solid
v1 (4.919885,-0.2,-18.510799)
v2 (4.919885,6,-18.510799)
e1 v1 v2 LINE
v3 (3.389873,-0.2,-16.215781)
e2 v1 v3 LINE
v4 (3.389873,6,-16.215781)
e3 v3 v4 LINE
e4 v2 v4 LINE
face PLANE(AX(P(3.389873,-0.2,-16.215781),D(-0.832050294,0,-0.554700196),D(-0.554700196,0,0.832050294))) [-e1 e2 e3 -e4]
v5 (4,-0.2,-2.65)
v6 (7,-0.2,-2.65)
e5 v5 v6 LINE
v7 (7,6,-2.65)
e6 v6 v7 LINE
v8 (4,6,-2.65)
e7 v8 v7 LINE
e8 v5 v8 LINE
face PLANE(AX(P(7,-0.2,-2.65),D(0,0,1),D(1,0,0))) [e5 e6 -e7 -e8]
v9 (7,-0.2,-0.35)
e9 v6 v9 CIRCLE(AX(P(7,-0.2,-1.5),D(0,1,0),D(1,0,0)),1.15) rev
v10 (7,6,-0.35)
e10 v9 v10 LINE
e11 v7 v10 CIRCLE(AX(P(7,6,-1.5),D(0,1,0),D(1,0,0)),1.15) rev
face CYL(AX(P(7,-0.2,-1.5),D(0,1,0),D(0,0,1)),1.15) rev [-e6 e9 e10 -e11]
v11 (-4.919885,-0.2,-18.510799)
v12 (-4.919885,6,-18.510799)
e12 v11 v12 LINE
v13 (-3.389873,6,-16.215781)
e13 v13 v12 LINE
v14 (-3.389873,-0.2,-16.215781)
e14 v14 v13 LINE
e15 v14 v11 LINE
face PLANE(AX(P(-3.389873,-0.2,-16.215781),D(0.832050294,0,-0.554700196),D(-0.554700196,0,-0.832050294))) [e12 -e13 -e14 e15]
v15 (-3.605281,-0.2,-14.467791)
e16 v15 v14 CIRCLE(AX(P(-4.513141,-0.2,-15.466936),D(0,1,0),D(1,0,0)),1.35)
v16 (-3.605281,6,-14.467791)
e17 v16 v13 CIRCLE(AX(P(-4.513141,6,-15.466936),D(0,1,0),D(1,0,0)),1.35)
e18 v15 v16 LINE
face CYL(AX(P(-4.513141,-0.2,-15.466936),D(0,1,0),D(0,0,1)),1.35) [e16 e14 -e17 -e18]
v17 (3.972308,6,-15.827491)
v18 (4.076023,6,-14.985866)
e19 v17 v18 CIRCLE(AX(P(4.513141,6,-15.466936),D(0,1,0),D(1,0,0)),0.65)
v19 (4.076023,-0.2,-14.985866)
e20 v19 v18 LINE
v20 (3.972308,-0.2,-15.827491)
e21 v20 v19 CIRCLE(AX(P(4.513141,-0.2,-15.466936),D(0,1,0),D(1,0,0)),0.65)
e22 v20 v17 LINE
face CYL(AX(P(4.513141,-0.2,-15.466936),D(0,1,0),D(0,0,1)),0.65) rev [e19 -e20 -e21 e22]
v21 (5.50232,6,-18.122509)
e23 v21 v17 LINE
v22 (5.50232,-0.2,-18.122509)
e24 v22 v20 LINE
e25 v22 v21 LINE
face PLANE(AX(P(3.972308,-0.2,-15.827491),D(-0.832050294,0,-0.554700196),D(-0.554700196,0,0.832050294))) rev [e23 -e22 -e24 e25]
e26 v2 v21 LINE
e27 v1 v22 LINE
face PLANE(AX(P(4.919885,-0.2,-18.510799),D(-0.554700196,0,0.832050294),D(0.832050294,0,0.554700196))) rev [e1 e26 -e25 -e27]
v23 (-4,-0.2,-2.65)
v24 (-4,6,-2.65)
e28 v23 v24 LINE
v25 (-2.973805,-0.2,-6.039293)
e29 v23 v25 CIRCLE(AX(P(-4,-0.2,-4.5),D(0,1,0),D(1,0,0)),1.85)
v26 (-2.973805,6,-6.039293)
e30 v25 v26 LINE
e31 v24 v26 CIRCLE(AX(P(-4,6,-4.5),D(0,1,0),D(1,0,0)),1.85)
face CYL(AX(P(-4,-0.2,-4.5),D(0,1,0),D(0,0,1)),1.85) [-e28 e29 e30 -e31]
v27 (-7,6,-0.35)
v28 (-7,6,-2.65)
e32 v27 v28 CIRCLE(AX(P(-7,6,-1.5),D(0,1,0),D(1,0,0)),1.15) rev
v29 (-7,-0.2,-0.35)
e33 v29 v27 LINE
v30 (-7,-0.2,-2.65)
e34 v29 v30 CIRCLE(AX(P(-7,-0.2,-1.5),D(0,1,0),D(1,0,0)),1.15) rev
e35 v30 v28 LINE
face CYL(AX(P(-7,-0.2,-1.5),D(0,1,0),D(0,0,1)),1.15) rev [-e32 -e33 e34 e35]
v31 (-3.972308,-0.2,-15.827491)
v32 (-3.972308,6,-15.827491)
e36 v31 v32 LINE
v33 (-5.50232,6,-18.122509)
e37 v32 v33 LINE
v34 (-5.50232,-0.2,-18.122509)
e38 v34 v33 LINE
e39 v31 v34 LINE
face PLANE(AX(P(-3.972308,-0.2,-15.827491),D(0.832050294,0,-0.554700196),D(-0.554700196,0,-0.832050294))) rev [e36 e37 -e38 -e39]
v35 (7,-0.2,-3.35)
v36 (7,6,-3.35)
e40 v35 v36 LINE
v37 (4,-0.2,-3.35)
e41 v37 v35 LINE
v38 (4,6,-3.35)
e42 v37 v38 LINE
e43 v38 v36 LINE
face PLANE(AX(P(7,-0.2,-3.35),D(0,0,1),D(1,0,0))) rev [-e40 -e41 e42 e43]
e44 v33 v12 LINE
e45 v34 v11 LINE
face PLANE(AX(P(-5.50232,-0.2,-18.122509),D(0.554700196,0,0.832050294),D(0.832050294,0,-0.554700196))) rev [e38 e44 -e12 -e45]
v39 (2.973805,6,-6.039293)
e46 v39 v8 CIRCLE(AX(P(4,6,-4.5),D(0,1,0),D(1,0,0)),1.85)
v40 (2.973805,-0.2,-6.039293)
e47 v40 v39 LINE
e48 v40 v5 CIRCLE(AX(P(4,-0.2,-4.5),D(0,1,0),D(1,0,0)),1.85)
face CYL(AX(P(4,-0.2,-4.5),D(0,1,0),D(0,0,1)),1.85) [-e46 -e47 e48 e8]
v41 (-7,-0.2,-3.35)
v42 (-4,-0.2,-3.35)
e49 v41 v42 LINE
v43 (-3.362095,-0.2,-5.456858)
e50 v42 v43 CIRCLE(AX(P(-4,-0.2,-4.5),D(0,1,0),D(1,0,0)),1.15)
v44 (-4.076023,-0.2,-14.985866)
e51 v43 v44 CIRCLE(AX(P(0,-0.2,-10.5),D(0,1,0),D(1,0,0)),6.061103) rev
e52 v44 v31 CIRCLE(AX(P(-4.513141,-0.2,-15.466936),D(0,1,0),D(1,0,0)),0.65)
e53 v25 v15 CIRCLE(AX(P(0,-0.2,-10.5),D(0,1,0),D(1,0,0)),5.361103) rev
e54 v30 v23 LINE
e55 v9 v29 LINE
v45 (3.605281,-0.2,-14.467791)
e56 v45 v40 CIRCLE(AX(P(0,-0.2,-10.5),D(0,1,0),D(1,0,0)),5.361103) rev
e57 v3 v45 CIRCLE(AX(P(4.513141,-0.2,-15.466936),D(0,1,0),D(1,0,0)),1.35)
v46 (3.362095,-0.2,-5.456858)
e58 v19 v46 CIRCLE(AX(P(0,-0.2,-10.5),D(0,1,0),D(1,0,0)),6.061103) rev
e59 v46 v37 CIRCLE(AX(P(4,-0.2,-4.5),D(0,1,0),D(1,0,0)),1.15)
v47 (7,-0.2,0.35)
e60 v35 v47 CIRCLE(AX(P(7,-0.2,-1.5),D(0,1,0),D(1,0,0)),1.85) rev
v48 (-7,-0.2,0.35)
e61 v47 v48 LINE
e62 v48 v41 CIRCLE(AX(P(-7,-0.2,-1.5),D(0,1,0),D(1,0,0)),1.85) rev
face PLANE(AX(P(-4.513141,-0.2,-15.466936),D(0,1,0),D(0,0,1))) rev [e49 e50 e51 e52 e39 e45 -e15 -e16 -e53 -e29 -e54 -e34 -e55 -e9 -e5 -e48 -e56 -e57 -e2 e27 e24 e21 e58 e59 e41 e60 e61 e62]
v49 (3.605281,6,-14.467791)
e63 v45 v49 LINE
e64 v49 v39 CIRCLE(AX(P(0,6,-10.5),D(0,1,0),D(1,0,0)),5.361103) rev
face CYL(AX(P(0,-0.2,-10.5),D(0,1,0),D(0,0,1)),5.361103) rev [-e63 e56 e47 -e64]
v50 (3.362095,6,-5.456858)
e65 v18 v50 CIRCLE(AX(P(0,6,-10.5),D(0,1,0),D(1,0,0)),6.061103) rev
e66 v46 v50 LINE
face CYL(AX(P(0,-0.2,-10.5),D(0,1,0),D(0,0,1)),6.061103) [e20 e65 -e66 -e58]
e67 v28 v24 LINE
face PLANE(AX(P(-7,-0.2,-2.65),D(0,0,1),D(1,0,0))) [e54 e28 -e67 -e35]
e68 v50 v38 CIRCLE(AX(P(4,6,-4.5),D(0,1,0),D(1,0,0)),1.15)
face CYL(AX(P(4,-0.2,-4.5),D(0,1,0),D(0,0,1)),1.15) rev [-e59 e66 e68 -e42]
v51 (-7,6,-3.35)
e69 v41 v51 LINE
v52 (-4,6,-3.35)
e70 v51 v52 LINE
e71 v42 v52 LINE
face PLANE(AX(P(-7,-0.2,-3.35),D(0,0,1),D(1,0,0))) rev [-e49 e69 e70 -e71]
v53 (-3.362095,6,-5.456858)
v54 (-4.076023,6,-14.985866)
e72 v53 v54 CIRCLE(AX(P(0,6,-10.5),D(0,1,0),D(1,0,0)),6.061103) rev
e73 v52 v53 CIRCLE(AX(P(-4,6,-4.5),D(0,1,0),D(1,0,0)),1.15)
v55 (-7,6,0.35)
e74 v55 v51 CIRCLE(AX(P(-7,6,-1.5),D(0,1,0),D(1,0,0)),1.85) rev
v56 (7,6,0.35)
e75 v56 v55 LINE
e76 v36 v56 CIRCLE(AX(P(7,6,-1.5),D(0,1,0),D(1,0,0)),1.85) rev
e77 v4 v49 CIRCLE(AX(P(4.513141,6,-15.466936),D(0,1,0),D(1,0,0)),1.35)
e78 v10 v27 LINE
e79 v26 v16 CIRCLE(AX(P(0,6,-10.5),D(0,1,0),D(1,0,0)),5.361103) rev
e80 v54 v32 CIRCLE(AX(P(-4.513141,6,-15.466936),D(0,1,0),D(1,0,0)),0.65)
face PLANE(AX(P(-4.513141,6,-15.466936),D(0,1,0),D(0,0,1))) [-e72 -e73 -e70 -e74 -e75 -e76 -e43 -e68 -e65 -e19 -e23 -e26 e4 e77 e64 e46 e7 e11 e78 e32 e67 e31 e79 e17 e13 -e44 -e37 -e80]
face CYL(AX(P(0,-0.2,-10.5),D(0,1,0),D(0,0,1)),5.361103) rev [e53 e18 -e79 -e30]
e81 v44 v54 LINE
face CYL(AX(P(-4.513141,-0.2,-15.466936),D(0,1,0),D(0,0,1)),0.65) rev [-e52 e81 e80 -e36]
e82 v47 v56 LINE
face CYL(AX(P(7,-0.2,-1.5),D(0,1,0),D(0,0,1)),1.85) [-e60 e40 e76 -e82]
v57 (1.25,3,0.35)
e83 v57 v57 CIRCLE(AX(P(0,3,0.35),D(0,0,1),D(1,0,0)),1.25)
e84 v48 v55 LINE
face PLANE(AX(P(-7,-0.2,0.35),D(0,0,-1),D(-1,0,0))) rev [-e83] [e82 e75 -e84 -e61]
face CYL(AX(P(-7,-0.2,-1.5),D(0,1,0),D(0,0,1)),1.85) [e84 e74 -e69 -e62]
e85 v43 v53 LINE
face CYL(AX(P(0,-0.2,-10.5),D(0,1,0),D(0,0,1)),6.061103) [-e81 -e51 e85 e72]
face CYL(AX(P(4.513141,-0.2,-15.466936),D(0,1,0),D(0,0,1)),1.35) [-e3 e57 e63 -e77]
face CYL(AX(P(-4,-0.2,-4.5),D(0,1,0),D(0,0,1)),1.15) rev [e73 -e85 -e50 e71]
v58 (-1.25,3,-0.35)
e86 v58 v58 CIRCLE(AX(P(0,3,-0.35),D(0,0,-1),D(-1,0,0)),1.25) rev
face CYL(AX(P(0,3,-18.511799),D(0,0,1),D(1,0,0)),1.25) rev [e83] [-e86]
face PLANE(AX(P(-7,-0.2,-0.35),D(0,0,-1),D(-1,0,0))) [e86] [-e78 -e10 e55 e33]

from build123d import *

# Parameters (mm, degrees)
EXTRUDE_THIN3_DEPTH      = 6
EXTRUDE_THIN3_DEPTH_BACK = 0.2
EXTRUDE1_REACH           = 23.681
SKETCH2_R                = 1.25


with BuildPart() as part:
    # Sketch1 → Extrude-Thin3 (new, two sides: drawn at the far end of the back side and taken through both)
    with BuildSketch(Plane(origin=(0, 0, 0), x_dir=(1, 0, 0), z_dir=(0, 1, 0)).offset(-EXTRUDE_THIN3_DEPTH_BACK)):
        with BuildLine():
            Line((-5.502320154, 18.122508758), (-3.972308472, 15.827491235))
            ThreePointArc((-3.972308472, 15.827491235), (-3.86802113, 15.387436777), (-4.076023457, 14.985866351))
            ThreePointArc((-4.076023457, 14.985866351), (-6.044162598, 10.047161593), (-3.362094774, 5.456857838))
            ThreePointArc((-3.362094774, 5.456857838), (-2.89934417, 4.166748229), (-4, 3.35))
            Line((-4, 3.35), (-7, 3.35))
            ThreePointArc((-7, 3.35), (-8.85, 1.5), (-7, -0.35))
            Line((-7, -0.35), (7, -0.35))
            ThreePointArc((7, -0.35), (8.85, 1.5), (7, 3.35))
            Line((7, 3.35), (4, 3.35))
            ThreePointArc((4, 3.35), (2.89934417, 4.166748229), (3.362094774, 5.456857838))
            ThreePointArc((3.362094774, 5.456857838), (6.044162598, 10.047161593), (4.076023457, 14.985866351))
            ThreePointArc((4.076023457, 14.985866351), (3.86802113, 15.387436777), (3.972308472, 15.827491235))
            Line((3.972308472, 15.827491235), (5.502320154, 18.122508758))
            Line((5.502320154, 18.122508758), (4.919884948, 18.510798895))
            Line((4.919884948, 18.510798895), (3.389873266, 16.215781372))
            ThreePointArc((3.389873266, 16.215781372), (3.17327648, 15.301822114), (3.605281311, 14.467791228))
            ThreePointArc((3.605281311, 14.467791228), (5.346119002, 10.099460144), (2.973804637, 6.039293045))
            ThreePointArc((2.973804637, 6.039293045), (2.229379751, 3.963899325), (4, 2.65))
            Line((4, 2.65), (7, 2.65))
            ThreePointArc((7, 2.65), (8.15, 1.5), (7, 0.35))
            Line((7, 0.35), (-7, 0.35))
            ThreePointArc((-7, 0.35), (-8.15, 1.5), (-7, 2.65))
            Line((-7, 2.65), (-4, 2.65))
            ThreePointArc((-4, 2.65), (-2.229379751, 3.963899325), (-2.973804637, 6.039293045))
            ThreePointArc((-2.973804637, 6.039293045), (-5.346119002, 10.099460144), (-3.605281311, 14.467791228))
            ThreePointArc((-3.605281311, 14.467791228), (-3.17327648, 15.301822114), (-3.389873266, 16.215781372))
            Line((-3.389873266, 16.215781372), (-4.919884948, 18.510798895))
            Line((-4.919884948, 18.510798895), (-5.502320154, 18.122508758))
        make_face()
    extrude(amount=EXTRUDE_THIN3_DEPTH + EXTRUDE_THIN3_DEPTH_BACK)

    # Sketch2 → Extrude1 (cut, up to next)
    with BuildSketch(Plane.XY.offset(0.35), mode=Mode.PRIVATE) as extrude1_sk1:
        with Locations((0, 3)):
            Circle(SKETCH2_R)
    extrude1_tool1 = extrude(extrude1_sk1.sketch, amount=-EXTRUDE1_REACH, mode=Mode.PRIVATE) & part.part
    add(extrude1_tool1.solids().sort_by_distance((0, 3, 0.35))[0], mode=Mode.SUBTRACT)


solid = part.part
